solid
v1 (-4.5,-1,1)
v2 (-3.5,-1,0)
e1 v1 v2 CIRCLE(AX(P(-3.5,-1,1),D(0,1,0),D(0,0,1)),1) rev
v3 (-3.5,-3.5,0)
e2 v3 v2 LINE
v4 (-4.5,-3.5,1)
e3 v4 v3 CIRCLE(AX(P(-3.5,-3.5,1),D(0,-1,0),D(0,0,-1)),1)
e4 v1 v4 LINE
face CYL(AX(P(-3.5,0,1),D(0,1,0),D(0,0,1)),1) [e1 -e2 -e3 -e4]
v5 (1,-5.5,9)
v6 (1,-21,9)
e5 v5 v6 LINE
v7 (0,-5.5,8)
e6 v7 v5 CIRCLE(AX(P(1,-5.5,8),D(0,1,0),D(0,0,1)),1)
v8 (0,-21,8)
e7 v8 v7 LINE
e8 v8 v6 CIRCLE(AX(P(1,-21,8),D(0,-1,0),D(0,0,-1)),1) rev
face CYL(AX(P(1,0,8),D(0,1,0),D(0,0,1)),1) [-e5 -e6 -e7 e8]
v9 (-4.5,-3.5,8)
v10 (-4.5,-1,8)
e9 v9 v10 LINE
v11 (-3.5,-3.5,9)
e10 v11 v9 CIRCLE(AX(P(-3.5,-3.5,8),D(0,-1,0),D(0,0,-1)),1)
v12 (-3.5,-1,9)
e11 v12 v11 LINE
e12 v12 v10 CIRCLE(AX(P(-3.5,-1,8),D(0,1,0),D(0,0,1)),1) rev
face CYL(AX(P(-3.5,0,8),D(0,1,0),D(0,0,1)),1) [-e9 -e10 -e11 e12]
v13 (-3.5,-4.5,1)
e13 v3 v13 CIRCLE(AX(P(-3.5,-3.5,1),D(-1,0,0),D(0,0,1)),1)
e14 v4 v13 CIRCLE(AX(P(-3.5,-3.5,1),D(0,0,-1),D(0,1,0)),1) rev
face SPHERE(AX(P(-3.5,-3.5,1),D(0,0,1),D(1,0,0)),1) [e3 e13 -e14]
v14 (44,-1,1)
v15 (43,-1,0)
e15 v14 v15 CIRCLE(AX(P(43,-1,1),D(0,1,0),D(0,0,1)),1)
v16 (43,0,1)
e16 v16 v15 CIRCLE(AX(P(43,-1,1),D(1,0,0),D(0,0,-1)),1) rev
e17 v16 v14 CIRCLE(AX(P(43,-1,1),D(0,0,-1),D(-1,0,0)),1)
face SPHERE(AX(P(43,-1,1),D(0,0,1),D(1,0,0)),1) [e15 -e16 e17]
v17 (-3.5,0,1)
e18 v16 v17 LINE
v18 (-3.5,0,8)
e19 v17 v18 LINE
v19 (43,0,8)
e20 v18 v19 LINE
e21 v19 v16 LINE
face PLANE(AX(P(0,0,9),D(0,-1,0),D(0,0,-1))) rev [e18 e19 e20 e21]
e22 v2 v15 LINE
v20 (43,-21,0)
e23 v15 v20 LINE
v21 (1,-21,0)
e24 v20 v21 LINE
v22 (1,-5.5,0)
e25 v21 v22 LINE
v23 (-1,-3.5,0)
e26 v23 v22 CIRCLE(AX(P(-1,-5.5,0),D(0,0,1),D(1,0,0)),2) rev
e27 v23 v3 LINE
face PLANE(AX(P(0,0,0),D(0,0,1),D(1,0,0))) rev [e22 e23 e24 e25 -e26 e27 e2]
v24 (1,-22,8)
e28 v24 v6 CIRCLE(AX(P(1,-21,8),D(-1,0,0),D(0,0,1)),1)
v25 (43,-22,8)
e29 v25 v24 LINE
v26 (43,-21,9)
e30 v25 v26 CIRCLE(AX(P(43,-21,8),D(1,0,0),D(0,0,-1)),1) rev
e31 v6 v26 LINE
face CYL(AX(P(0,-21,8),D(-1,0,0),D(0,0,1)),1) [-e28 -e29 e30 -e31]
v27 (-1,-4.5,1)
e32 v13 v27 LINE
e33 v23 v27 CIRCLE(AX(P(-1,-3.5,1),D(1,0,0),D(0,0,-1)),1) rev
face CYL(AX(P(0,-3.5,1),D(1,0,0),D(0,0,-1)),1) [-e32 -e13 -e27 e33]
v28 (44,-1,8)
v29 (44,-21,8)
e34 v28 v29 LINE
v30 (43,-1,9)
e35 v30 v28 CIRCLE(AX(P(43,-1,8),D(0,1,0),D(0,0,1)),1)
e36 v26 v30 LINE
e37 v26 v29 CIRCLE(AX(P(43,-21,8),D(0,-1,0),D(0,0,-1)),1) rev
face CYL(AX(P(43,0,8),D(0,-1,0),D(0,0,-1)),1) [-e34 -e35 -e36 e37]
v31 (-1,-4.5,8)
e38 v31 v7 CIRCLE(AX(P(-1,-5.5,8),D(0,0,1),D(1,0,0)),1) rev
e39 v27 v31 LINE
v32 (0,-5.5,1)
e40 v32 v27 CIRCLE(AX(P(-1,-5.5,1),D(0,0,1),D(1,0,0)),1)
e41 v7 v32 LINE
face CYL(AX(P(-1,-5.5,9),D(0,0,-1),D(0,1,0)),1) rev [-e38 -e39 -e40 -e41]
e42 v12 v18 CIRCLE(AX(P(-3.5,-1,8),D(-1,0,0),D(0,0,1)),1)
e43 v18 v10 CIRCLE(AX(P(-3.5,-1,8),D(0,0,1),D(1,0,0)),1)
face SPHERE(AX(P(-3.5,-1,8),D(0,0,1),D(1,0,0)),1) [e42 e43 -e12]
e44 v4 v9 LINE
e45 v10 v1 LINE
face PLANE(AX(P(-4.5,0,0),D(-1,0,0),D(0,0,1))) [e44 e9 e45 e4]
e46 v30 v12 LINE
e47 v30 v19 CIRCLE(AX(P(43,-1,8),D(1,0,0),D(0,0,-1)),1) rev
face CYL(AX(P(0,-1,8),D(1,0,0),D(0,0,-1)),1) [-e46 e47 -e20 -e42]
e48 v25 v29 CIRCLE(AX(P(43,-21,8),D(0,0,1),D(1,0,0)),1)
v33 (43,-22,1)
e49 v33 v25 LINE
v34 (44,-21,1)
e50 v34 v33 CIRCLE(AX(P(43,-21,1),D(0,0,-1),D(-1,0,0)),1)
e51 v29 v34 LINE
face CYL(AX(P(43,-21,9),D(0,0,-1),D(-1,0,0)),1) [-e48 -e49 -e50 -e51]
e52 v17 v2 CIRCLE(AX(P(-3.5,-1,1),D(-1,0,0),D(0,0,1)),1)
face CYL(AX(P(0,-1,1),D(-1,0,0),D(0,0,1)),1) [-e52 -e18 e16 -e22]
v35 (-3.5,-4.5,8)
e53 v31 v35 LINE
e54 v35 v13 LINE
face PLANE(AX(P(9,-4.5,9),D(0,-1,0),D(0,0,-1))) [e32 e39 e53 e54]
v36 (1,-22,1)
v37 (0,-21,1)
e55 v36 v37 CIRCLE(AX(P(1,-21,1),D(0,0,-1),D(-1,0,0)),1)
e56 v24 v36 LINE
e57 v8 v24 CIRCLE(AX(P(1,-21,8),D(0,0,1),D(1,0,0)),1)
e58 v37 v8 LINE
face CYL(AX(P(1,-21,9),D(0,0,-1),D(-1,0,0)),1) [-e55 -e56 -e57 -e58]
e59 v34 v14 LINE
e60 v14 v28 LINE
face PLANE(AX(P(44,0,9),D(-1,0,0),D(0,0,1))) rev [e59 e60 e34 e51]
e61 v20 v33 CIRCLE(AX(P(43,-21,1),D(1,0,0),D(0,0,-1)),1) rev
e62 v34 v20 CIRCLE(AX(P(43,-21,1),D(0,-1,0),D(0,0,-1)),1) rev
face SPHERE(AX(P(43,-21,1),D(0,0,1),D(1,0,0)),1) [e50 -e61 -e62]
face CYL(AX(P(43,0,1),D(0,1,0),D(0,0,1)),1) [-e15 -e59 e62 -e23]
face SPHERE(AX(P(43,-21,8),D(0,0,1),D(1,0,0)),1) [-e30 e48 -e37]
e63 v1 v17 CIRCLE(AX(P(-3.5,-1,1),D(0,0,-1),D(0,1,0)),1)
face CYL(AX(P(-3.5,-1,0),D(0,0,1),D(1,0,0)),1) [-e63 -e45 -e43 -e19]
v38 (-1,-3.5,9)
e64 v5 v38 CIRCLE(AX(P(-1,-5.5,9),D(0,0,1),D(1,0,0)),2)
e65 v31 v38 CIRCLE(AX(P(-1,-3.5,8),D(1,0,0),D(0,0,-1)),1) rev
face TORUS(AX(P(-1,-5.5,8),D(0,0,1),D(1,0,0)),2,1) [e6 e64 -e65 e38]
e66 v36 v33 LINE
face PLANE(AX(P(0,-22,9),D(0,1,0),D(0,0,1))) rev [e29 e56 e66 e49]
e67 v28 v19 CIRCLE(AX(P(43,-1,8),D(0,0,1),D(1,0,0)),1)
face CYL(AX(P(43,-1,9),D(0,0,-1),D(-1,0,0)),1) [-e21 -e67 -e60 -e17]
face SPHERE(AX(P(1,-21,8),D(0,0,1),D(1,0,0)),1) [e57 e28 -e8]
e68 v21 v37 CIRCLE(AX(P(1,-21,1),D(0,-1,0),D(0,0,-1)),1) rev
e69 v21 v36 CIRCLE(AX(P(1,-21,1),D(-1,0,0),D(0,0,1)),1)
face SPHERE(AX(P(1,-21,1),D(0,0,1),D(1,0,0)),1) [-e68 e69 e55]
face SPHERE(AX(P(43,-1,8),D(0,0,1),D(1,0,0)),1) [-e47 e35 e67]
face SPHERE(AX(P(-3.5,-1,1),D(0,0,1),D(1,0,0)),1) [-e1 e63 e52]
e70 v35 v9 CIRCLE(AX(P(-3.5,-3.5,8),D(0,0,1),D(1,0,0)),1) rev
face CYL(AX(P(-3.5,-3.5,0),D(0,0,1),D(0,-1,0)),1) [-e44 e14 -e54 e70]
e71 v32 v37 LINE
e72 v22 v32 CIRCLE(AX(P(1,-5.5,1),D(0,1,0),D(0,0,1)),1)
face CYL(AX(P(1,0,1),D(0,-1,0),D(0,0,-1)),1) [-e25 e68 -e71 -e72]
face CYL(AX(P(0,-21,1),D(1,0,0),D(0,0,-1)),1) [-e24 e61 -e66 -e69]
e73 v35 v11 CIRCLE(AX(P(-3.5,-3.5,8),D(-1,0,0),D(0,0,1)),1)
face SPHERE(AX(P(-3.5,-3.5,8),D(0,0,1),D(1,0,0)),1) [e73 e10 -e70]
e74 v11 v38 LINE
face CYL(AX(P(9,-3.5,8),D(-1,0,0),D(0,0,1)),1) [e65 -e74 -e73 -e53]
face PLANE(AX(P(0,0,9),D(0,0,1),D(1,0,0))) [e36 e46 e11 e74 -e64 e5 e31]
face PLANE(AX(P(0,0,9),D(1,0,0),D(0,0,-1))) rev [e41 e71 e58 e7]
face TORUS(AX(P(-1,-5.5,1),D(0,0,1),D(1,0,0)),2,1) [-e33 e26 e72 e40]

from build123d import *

# Parameters (mm, degrees)
ESQUISSE1_W             = 44
ESQUISSE1_H             = 22
BOSS_EXTRU_1_DEPTH      = 9
ESQUISSE2_W             = 9
ESQUISSE2_H             = 4.5
BOSS_EXTRU_2_DEPTH      = 4.5
BOSS_EXTRU_2_DEPTH_BACK = 9
CONG_2_R                = 1


with BuildPart() as part:
    # Esquisse1 → Boss.-Extru.1 (new body)
    with BuildSketch(Plane.XY):
        with Locations((22, -11)):
            Rectangle(ESQUISSE1_W, ESQUISSE1_H)
    extrude(amount=BOSS_EXTRU_1_DEPTH)

    # Esquisse2 → Boss.-Extru.2 (add, two sides)
    with BuildSketch(Plane.ZY) as boss_extru_2_sk:
        with Locations((4.5, -2.25)):
            Rectangle(ESQUISSE2_W, ESQUISSE2_H)
    extrude(amount=BOSS_EXTRU_2_DEPTH)
    extrude(boss_extru_2_sk.sketch, amount=-BOSS_EXTRU_2_DEPTH_BACK)

    # Congé2
    cong_2_edges = [part.edges().sort_by_distance(p)[0] for p in [
        (44, -11, 9),
        (19.75, 0, 9),
        (0, -13.25, 0),
        (0, -13.25, 9),
        (-2.25, -4.5, 0),
        (-2.25, -4.5, 9),
        (0, -4.5, 4.5),
        (-4.5, -2.25, 9),
        (-4.5, 0, 4.5),
        (-4.5, -2.25, 0),
        (-4.5, -4.5, 4.5),
        (19.75, 0, 0),
        (44, -11, 0),
        (22, -22, 0),
        (22, -22, 9),
        (44, 0, 4.5),
        (44, -22, 4.5),
        (0, -22, 4.5),
    ]]
    fillet(cong_2_edges, radius=CONG_2_R)


solid = part.part
